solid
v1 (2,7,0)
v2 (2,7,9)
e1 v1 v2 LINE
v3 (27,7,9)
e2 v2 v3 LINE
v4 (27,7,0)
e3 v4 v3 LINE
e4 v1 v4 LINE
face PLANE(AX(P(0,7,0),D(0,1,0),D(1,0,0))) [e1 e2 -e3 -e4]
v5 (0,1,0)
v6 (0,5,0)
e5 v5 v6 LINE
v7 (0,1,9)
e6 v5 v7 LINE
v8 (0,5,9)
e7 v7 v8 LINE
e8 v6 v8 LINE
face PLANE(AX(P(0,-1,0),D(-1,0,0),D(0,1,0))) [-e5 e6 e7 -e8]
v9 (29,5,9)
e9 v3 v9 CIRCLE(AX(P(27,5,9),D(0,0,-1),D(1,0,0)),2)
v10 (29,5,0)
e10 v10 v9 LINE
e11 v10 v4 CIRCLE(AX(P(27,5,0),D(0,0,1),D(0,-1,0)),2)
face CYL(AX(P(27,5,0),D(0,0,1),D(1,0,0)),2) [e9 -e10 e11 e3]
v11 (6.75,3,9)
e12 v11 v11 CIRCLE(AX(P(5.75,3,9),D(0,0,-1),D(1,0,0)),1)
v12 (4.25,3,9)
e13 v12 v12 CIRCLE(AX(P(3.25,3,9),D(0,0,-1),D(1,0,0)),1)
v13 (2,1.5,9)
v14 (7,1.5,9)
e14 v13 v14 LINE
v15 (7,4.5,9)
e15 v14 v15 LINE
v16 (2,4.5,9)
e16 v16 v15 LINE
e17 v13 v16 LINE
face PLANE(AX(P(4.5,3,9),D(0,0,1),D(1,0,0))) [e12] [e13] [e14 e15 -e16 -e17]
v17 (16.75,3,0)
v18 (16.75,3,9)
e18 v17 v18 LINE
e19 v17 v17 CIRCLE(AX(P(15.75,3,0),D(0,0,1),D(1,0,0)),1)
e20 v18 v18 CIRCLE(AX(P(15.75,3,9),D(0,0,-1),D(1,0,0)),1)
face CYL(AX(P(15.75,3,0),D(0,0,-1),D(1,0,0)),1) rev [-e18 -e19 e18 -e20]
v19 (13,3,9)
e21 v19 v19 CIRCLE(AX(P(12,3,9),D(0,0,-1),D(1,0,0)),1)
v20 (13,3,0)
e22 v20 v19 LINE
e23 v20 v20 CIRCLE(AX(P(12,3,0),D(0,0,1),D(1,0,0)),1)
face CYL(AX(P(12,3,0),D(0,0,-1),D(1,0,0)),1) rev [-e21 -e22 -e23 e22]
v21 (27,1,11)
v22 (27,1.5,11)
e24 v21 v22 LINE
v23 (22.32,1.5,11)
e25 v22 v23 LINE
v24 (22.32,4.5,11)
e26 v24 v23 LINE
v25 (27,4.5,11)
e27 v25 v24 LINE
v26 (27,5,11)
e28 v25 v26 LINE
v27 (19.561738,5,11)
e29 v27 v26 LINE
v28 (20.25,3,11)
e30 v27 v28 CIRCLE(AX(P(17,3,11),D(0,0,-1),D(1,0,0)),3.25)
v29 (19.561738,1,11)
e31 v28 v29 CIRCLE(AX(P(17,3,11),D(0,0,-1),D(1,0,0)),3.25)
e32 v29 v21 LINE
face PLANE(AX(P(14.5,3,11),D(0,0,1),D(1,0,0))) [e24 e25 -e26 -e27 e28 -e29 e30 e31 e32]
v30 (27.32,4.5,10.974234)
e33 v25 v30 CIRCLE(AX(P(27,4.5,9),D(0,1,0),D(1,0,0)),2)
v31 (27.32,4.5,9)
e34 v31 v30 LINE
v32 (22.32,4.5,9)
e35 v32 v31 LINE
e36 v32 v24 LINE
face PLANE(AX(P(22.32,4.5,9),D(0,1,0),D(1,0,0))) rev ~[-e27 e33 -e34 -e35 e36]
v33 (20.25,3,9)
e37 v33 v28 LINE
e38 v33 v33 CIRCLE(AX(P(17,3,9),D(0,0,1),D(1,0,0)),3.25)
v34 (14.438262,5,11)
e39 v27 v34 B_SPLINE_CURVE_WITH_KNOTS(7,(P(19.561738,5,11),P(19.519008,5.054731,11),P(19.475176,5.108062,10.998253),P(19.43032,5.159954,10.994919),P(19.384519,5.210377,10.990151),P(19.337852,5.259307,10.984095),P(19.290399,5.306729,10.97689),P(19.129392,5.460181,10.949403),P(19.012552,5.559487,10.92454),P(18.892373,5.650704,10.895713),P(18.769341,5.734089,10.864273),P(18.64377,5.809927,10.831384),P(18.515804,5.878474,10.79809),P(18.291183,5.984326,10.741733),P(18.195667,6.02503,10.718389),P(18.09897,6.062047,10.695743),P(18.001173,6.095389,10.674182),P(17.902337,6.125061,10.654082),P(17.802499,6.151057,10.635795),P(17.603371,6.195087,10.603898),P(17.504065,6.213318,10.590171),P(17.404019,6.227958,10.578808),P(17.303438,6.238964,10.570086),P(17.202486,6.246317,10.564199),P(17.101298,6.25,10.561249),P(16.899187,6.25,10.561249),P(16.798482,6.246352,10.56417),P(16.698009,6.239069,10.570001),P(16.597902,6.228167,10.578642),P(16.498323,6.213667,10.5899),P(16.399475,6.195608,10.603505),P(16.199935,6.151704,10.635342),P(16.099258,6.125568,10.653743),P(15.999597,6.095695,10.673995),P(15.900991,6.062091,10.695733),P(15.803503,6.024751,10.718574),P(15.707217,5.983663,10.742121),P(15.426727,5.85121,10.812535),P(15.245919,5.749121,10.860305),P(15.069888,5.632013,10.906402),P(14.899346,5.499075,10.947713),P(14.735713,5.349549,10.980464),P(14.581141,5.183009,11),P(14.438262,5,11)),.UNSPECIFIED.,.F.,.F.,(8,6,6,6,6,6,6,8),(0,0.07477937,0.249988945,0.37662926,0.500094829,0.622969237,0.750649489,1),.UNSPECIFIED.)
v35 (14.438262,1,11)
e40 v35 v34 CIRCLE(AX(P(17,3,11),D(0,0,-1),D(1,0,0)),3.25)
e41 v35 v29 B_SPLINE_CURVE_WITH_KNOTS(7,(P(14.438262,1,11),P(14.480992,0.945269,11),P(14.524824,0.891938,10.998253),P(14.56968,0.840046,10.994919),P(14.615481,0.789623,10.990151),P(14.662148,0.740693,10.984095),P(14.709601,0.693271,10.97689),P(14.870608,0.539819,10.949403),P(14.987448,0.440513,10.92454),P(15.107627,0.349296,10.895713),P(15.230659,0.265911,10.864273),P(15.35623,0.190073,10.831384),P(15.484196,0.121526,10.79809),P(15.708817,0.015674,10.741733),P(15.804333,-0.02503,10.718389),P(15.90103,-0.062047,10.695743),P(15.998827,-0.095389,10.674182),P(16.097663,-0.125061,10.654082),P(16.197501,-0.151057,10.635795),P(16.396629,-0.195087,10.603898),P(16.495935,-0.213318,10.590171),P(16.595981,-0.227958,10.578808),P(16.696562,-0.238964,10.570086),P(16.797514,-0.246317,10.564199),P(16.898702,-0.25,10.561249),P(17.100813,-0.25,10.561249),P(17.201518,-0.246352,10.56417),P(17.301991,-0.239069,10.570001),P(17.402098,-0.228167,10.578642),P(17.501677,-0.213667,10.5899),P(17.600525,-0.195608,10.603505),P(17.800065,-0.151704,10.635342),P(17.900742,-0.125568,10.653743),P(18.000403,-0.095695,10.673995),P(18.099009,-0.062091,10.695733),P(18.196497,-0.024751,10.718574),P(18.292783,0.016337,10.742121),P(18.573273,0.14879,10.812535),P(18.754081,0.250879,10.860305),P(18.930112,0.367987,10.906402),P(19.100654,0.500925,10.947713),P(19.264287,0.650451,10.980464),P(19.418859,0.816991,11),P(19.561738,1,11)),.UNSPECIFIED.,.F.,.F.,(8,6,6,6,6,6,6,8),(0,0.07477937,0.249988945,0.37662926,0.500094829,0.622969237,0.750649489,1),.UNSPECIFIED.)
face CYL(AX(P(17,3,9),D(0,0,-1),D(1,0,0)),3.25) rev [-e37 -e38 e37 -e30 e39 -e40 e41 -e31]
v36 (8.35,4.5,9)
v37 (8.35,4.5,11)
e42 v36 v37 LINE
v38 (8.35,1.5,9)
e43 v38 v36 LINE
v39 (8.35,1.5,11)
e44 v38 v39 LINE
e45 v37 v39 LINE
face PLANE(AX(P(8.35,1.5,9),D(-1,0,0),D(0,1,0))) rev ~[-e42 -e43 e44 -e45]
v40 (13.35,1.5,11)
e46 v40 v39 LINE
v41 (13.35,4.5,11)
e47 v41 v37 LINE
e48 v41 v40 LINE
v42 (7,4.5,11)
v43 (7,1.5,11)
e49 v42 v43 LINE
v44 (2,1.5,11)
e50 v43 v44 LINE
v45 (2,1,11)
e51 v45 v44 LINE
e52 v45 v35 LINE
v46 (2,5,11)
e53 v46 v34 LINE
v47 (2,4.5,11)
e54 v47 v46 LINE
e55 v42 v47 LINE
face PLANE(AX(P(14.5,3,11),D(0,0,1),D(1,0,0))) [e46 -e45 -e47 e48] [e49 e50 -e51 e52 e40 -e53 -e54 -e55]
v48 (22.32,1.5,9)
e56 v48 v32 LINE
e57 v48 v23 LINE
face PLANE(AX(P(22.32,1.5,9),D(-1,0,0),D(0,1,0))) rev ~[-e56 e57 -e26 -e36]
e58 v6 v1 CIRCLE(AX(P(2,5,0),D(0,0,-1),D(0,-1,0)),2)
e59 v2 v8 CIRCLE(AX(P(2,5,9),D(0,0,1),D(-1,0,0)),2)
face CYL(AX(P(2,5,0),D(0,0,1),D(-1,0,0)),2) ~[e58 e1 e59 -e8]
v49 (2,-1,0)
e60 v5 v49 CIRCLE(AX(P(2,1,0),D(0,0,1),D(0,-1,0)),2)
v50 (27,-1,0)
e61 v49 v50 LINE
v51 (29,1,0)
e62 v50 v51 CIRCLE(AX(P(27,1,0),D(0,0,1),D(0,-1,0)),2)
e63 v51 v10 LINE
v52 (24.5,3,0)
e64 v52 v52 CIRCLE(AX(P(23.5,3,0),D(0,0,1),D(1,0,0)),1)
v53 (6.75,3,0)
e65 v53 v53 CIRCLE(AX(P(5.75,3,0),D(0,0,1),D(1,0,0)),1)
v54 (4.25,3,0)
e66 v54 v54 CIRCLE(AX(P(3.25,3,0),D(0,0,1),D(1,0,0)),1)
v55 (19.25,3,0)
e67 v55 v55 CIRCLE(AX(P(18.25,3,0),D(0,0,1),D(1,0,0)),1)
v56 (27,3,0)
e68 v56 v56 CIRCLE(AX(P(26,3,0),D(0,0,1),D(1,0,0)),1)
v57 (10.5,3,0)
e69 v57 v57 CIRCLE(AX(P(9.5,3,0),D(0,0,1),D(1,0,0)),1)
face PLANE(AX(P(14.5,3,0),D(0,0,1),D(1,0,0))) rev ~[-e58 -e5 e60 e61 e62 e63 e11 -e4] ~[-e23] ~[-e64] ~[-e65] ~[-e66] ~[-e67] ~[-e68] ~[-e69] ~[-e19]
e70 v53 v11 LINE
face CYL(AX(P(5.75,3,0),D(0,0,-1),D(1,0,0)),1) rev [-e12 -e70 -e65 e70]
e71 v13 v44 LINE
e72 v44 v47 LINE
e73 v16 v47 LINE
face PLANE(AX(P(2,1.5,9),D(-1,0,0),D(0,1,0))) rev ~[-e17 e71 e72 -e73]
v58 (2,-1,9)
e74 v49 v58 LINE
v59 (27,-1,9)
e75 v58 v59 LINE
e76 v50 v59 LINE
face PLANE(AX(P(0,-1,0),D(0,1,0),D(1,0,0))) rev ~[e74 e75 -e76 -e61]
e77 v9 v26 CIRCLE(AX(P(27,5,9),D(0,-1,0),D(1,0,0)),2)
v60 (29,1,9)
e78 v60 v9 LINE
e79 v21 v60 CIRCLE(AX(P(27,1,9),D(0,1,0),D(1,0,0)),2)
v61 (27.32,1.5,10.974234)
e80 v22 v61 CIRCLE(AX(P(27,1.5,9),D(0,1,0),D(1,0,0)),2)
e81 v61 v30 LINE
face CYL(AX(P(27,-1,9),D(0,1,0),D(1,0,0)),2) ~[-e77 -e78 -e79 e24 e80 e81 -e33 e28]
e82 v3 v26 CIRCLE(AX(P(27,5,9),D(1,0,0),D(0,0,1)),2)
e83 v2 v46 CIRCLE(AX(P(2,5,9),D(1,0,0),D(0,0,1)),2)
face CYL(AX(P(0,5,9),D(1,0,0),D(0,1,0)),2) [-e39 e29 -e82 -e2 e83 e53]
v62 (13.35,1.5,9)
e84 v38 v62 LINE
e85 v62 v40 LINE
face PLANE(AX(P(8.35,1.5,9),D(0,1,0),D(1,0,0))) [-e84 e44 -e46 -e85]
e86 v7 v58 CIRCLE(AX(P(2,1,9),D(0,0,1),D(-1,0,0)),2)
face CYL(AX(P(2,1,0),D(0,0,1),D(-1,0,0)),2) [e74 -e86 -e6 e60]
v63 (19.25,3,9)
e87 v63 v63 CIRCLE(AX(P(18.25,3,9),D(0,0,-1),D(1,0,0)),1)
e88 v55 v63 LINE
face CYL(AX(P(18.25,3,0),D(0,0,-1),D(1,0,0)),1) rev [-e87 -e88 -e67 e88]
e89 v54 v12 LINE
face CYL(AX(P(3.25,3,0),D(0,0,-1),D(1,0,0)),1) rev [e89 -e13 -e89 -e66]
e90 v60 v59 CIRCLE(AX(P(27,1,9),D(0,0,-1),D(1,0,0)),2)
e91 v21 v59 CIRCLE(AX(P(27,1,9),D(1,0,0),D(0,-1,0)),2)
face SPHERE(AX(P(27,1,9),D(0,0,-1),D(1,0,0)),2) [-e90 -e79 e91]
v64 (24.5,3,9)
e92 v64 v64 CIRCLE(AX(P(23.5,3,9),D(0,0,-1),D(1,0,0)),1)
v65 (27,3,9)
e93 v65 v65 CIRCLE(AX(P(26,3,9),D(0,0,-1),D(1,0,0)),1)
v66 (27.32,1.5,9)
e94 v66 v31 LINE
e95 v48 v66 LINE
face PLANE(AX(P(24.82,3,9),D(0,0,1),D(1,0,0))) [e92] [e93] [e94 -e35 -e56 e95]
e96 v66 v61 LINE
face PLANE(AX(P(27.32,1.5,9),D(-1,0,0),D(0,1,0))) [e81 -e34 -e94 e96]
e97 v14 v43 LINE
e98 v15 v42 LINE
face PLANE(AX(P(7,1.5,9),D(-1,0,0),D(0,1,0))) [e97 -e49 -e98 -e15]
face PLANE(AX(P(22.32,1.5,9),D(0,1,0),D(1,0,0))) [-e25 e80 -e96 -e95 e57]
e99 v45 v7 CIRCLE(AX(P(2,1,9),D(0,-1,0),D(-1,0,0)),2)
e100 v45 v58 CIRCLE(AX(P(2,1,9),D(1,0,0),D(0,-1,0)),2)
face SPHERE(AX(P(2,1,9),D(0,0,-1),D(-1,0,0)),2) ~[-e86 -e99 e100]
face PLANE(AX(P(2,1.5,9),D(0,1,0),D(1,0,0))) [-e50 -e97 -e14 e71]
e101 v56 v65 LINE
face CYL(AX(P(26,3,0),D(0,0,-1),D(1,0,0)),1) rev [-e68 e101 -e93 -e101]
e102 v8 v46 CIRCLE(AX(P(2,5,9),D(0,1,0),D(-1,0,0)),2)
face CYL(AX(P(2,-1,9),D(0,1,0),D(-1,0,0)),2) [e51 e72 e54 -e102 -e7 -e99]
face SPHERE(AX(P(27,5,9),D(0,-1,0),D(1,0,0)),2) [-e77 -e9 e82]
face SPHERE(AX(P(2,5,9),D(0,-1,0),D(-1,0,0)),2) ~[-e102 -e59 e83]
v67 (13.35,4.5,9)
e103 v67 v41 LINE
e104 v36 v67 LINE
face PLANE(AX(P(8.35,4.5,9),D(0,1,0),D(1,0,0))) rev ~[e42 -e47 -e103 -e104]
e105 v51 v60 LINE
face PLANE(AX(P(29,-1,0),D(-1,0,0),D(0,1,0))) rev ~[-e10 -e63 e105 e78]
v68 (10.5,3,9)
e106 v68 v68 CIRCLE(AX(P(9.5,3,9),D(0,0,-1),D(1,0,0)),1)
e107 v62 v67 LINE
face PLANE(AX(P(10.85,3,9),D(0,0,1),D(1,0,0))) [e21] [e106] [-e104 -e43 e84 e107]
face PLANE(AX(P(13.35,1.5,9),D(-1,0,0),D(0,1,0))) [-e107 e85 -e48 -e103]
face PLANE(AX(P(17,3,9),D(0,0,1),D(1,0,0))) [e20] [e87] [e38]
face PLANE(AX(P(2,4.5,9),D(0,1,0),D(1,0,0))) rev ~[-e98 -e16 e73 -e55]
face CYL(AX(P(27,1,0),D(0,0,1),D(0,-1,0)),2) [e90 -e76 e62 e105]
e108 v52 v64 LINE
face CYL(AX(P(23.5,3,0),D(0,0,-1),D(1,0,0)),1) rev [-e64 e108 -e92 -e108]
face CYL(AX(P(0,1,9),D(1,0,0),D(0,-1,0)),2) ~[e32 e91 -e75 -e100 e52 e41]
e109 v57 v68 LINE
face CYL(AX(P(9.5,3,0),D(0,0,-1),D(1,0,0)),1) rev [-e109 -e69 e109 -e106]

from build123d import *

# Parameters (mm, degrees)
BOX001_W          = 5
BOX001_H          = 3
BOX001_DEPTH      = 10
BOX002_W          = 5
BOX002_H          = 3
BOX002_DEPTH      = 10
BOX003_W          = 5
BOX003_H          = 3
BOX003_DEPTH      = 10
CYLINDER_R        = 3.25
CYLINDER_DEPTH    = 10
CYLINDER002_R     = 1
CYLINDER002_DEPTH = 20
CYLINDER001_R     = 1
CYLINDER001_DEPTH = 20
CYLINDER004_R     = 1
CYLINDER004_DEPTH = 20
CYLINDER003_R     = 1
CYLINDER003_DEPTH = 20
CYLINDER006_R     = 1
CYLINDER006_DEPTH = 20
CYLINDER005_R     = 1
CYLINDER005_DEPTH = 20
CYLINDER008_R     = 1
CYLINDER008_DEPTH = 20
CYLINDER007_R     = 1
CYLINDER007_DEPTH = 20
BOX_W             = 29
BOX_H             = 8
BOX_DEPTH         = 11
FILLET_R          = 2


with BuildPart() as cube001:
    # Box001 → Box001 (new body)
    with BuildSketch(Plane(origin=(2, 1.5, 9), x_dir=(1, 0, 0), z_dir=(0, 0, 1))):
        with Locations((2.5, 1.5)):
            Rectangle(BOX001_W, BOX001_H)
    extrude(amount=BOX001_DEPTH)


with BuildPart() as cube002:
    # Box002 → Box002 (new body)
    with BuildSketch(Plane(origin=(8.35, 1.5, 9), x_dir=(1, 0, 0), z_dir=(0, 0, 1))):
        with Locations((2.5, 1.5)):
            Rectangle(BOX002_W, BOX002_H)
    extrude(amount=BOX002_DEPTH)


with BuildPart() as cube003:
    # Box003 → Box003 (new body)
    with BuildSketch(Plane(origin=(22.32, 1.5, 9), x_dir=(1, 0, 0), z_dir=(0, 0, 1))):
        with Locations((2.5, 1.5)):
            Rectangle(BOX003_W, BOX003_H)
    extrude(amount=BOX003_DEPTH)


with BuildPart() as cylinder:
    # Cylinder → Cylinder (new body)
    with BuildSketch(Plane(origin=(17, 3, 9), x_dir=(1, 0, 0), z_dir=(0, 0, 1))):
        Circle(CYLINDER_R)
    extrude(amount=CYLINDER_DEPTH)


with BuildPart() as cylinder002:
    # Cylinder002 → Cylinder002 (new body)
    with BuildSketch(Plane(origin=(5.75, 3, 0), x_dir=(1, 0, 0), z_dir=(0, 0, 1))):
        Circle(CYLINDER002_R)
    extrude(amount=CYLINDER002_DEPTH)


with BuildPart() as fusion:
    # Cylinder001 → Cylinder001 (new body)
    with BuildSketch(Plane(origin=(3.25, 3, 0), x_dir=(1, 0, 0), z_dir=(0, 0, 1))):
        Circle(CYLINDER001_R)
    extrude(amount=CYLINDER001_DEPTH)

    # Fusion: union Cylinder002
    add(cylinder002.part)


with BuildPart() as cylinder004:
    # Cylinder004 → Cylinder004 (new body)
    with BuildSketch(Plane(origin=(5.75, 3, 0), x_dir=(1, 0, 0), z_dir=(0, 0, 1))):
        Circle(CYLINDER004_R)
    extrude(amount=CYLINDER004_DEPTH)


with BuildPart() as fusion001:
    # Cylinder003 → Cylinder003 (new body)
    with BuildSketch(Plane(origin=(3.25, 3, 0), x_dir=(1, 0, 0), z_dir=(0, 0, 1))):
        Circle(CYLINDER003_R)
    extrude(amount=CYLINDER003_DEPTH)

    # Fusion001: union Cylinder004
    add(cylinder004.part)


with BuildPart() as fusion001_1:
    # Fusion001 placement: moved
    add(fusion001.part.moved(Location((6.25, 0, 0))))


with BuildPart() as cylinder006:
    # Cylinder006 → Cylinder006 (new body)
    with BuildSketch(Plane(origin=(5.75, 3, 0), x_dir=(1, 0, 0), z_dir=(0, 0, 1))):
        Circle(CYLINDER006_R)
    extrude(amount=CYLINDER006_DEPTH)


with BuildPart() as fusion002:
    # Cylinder005 → Cylinder005 (new body)
    with BuildSketch(Plane(origin=(3.25, 3, 0), x_dir=(1, 0, 0), z_dir=(0, 0, 1))):
        Circle(CYLINDER005_R)
    extrude(amount=CYLINDER005_DEPTH)

    # Fusion002: union Cylinder006
    add(cylinder006.part)


with BuildPart() as fusion002_1:
    # Fusion002 placement: moved
    add(fusion002.part.moved(Location((20.25, 0, 0))))


with BuildPart() as cylinder008:
    # Cylinder008 → Cylinder008 (new body)
    with BuildSketch(Plane(origin=(5.75, 3, 0), x_dir=(1, 0, 0), z_dir=(0, 0, 1))):
        Circle(CYLINDER008_R)
    extrude(amount=CYLINDER008_DEPTH)


with BuildPart() as fusion004:
    # Cylinder007 → Cylinder007 (new body)
    with BuildSketch(Plane(origin=(3.25, 3, 0), x_dir=(1, 0, 0), z_dir=(0, 0, 1))):
        Circle(CYLINDER007_R)
    extrude(amount=CYLINDER007_DEPTH)

    # Fusion003: union Cylinder008
    add(cylinder008.part)


with BuildPart() as fusion004_1:
    # Fusion003 placement: moved
    add(fusion004.part.moved(Location((12.5, 0, 0))))

    # Fusion004: union Cube001, Cube002, Cube003, Cylinder, Fusion, Fusion001, Fusion002
    add(cube001.part)
    add(cube002.part)
    add(cube003.part)
    add(cylinder.part)
    add(fusion.part)
    add(fusion001_1.part)
    add(fusion002_1.part)


with BuildPart() as standoff:
    # Box → Box (new body)
    with BuildSketch(Plane(origin=(0, -1, 0), x_dir=(1, 0, 0), z_dir=(0, 0, 1))):
        with Locations((14.5, 4)):
            Rectangle(BOX_W, BOX_H)
    extrude(amount=BOX_DEPTH)

    # Fillet
    fillet_edges = [standoff.edges().sort_by_distance(p)[0] for p in [
        (0, -1, 5.5),
        (0, 3, 11),
        (0, 7, 5.5),
        (29, -1, 5.5),
        (29, 3, 11),
        (29, 7, 5.5),
        (14.5, -1, 11),
        (14.5, 7, 11),
    ]]
    fillet(fillet_edges, radius=FILLET_R)

    # Cut: cut Fusion004
    add(fusion004_1.part, mode=Mode.SUBTRACT)


solid = standoff.part
